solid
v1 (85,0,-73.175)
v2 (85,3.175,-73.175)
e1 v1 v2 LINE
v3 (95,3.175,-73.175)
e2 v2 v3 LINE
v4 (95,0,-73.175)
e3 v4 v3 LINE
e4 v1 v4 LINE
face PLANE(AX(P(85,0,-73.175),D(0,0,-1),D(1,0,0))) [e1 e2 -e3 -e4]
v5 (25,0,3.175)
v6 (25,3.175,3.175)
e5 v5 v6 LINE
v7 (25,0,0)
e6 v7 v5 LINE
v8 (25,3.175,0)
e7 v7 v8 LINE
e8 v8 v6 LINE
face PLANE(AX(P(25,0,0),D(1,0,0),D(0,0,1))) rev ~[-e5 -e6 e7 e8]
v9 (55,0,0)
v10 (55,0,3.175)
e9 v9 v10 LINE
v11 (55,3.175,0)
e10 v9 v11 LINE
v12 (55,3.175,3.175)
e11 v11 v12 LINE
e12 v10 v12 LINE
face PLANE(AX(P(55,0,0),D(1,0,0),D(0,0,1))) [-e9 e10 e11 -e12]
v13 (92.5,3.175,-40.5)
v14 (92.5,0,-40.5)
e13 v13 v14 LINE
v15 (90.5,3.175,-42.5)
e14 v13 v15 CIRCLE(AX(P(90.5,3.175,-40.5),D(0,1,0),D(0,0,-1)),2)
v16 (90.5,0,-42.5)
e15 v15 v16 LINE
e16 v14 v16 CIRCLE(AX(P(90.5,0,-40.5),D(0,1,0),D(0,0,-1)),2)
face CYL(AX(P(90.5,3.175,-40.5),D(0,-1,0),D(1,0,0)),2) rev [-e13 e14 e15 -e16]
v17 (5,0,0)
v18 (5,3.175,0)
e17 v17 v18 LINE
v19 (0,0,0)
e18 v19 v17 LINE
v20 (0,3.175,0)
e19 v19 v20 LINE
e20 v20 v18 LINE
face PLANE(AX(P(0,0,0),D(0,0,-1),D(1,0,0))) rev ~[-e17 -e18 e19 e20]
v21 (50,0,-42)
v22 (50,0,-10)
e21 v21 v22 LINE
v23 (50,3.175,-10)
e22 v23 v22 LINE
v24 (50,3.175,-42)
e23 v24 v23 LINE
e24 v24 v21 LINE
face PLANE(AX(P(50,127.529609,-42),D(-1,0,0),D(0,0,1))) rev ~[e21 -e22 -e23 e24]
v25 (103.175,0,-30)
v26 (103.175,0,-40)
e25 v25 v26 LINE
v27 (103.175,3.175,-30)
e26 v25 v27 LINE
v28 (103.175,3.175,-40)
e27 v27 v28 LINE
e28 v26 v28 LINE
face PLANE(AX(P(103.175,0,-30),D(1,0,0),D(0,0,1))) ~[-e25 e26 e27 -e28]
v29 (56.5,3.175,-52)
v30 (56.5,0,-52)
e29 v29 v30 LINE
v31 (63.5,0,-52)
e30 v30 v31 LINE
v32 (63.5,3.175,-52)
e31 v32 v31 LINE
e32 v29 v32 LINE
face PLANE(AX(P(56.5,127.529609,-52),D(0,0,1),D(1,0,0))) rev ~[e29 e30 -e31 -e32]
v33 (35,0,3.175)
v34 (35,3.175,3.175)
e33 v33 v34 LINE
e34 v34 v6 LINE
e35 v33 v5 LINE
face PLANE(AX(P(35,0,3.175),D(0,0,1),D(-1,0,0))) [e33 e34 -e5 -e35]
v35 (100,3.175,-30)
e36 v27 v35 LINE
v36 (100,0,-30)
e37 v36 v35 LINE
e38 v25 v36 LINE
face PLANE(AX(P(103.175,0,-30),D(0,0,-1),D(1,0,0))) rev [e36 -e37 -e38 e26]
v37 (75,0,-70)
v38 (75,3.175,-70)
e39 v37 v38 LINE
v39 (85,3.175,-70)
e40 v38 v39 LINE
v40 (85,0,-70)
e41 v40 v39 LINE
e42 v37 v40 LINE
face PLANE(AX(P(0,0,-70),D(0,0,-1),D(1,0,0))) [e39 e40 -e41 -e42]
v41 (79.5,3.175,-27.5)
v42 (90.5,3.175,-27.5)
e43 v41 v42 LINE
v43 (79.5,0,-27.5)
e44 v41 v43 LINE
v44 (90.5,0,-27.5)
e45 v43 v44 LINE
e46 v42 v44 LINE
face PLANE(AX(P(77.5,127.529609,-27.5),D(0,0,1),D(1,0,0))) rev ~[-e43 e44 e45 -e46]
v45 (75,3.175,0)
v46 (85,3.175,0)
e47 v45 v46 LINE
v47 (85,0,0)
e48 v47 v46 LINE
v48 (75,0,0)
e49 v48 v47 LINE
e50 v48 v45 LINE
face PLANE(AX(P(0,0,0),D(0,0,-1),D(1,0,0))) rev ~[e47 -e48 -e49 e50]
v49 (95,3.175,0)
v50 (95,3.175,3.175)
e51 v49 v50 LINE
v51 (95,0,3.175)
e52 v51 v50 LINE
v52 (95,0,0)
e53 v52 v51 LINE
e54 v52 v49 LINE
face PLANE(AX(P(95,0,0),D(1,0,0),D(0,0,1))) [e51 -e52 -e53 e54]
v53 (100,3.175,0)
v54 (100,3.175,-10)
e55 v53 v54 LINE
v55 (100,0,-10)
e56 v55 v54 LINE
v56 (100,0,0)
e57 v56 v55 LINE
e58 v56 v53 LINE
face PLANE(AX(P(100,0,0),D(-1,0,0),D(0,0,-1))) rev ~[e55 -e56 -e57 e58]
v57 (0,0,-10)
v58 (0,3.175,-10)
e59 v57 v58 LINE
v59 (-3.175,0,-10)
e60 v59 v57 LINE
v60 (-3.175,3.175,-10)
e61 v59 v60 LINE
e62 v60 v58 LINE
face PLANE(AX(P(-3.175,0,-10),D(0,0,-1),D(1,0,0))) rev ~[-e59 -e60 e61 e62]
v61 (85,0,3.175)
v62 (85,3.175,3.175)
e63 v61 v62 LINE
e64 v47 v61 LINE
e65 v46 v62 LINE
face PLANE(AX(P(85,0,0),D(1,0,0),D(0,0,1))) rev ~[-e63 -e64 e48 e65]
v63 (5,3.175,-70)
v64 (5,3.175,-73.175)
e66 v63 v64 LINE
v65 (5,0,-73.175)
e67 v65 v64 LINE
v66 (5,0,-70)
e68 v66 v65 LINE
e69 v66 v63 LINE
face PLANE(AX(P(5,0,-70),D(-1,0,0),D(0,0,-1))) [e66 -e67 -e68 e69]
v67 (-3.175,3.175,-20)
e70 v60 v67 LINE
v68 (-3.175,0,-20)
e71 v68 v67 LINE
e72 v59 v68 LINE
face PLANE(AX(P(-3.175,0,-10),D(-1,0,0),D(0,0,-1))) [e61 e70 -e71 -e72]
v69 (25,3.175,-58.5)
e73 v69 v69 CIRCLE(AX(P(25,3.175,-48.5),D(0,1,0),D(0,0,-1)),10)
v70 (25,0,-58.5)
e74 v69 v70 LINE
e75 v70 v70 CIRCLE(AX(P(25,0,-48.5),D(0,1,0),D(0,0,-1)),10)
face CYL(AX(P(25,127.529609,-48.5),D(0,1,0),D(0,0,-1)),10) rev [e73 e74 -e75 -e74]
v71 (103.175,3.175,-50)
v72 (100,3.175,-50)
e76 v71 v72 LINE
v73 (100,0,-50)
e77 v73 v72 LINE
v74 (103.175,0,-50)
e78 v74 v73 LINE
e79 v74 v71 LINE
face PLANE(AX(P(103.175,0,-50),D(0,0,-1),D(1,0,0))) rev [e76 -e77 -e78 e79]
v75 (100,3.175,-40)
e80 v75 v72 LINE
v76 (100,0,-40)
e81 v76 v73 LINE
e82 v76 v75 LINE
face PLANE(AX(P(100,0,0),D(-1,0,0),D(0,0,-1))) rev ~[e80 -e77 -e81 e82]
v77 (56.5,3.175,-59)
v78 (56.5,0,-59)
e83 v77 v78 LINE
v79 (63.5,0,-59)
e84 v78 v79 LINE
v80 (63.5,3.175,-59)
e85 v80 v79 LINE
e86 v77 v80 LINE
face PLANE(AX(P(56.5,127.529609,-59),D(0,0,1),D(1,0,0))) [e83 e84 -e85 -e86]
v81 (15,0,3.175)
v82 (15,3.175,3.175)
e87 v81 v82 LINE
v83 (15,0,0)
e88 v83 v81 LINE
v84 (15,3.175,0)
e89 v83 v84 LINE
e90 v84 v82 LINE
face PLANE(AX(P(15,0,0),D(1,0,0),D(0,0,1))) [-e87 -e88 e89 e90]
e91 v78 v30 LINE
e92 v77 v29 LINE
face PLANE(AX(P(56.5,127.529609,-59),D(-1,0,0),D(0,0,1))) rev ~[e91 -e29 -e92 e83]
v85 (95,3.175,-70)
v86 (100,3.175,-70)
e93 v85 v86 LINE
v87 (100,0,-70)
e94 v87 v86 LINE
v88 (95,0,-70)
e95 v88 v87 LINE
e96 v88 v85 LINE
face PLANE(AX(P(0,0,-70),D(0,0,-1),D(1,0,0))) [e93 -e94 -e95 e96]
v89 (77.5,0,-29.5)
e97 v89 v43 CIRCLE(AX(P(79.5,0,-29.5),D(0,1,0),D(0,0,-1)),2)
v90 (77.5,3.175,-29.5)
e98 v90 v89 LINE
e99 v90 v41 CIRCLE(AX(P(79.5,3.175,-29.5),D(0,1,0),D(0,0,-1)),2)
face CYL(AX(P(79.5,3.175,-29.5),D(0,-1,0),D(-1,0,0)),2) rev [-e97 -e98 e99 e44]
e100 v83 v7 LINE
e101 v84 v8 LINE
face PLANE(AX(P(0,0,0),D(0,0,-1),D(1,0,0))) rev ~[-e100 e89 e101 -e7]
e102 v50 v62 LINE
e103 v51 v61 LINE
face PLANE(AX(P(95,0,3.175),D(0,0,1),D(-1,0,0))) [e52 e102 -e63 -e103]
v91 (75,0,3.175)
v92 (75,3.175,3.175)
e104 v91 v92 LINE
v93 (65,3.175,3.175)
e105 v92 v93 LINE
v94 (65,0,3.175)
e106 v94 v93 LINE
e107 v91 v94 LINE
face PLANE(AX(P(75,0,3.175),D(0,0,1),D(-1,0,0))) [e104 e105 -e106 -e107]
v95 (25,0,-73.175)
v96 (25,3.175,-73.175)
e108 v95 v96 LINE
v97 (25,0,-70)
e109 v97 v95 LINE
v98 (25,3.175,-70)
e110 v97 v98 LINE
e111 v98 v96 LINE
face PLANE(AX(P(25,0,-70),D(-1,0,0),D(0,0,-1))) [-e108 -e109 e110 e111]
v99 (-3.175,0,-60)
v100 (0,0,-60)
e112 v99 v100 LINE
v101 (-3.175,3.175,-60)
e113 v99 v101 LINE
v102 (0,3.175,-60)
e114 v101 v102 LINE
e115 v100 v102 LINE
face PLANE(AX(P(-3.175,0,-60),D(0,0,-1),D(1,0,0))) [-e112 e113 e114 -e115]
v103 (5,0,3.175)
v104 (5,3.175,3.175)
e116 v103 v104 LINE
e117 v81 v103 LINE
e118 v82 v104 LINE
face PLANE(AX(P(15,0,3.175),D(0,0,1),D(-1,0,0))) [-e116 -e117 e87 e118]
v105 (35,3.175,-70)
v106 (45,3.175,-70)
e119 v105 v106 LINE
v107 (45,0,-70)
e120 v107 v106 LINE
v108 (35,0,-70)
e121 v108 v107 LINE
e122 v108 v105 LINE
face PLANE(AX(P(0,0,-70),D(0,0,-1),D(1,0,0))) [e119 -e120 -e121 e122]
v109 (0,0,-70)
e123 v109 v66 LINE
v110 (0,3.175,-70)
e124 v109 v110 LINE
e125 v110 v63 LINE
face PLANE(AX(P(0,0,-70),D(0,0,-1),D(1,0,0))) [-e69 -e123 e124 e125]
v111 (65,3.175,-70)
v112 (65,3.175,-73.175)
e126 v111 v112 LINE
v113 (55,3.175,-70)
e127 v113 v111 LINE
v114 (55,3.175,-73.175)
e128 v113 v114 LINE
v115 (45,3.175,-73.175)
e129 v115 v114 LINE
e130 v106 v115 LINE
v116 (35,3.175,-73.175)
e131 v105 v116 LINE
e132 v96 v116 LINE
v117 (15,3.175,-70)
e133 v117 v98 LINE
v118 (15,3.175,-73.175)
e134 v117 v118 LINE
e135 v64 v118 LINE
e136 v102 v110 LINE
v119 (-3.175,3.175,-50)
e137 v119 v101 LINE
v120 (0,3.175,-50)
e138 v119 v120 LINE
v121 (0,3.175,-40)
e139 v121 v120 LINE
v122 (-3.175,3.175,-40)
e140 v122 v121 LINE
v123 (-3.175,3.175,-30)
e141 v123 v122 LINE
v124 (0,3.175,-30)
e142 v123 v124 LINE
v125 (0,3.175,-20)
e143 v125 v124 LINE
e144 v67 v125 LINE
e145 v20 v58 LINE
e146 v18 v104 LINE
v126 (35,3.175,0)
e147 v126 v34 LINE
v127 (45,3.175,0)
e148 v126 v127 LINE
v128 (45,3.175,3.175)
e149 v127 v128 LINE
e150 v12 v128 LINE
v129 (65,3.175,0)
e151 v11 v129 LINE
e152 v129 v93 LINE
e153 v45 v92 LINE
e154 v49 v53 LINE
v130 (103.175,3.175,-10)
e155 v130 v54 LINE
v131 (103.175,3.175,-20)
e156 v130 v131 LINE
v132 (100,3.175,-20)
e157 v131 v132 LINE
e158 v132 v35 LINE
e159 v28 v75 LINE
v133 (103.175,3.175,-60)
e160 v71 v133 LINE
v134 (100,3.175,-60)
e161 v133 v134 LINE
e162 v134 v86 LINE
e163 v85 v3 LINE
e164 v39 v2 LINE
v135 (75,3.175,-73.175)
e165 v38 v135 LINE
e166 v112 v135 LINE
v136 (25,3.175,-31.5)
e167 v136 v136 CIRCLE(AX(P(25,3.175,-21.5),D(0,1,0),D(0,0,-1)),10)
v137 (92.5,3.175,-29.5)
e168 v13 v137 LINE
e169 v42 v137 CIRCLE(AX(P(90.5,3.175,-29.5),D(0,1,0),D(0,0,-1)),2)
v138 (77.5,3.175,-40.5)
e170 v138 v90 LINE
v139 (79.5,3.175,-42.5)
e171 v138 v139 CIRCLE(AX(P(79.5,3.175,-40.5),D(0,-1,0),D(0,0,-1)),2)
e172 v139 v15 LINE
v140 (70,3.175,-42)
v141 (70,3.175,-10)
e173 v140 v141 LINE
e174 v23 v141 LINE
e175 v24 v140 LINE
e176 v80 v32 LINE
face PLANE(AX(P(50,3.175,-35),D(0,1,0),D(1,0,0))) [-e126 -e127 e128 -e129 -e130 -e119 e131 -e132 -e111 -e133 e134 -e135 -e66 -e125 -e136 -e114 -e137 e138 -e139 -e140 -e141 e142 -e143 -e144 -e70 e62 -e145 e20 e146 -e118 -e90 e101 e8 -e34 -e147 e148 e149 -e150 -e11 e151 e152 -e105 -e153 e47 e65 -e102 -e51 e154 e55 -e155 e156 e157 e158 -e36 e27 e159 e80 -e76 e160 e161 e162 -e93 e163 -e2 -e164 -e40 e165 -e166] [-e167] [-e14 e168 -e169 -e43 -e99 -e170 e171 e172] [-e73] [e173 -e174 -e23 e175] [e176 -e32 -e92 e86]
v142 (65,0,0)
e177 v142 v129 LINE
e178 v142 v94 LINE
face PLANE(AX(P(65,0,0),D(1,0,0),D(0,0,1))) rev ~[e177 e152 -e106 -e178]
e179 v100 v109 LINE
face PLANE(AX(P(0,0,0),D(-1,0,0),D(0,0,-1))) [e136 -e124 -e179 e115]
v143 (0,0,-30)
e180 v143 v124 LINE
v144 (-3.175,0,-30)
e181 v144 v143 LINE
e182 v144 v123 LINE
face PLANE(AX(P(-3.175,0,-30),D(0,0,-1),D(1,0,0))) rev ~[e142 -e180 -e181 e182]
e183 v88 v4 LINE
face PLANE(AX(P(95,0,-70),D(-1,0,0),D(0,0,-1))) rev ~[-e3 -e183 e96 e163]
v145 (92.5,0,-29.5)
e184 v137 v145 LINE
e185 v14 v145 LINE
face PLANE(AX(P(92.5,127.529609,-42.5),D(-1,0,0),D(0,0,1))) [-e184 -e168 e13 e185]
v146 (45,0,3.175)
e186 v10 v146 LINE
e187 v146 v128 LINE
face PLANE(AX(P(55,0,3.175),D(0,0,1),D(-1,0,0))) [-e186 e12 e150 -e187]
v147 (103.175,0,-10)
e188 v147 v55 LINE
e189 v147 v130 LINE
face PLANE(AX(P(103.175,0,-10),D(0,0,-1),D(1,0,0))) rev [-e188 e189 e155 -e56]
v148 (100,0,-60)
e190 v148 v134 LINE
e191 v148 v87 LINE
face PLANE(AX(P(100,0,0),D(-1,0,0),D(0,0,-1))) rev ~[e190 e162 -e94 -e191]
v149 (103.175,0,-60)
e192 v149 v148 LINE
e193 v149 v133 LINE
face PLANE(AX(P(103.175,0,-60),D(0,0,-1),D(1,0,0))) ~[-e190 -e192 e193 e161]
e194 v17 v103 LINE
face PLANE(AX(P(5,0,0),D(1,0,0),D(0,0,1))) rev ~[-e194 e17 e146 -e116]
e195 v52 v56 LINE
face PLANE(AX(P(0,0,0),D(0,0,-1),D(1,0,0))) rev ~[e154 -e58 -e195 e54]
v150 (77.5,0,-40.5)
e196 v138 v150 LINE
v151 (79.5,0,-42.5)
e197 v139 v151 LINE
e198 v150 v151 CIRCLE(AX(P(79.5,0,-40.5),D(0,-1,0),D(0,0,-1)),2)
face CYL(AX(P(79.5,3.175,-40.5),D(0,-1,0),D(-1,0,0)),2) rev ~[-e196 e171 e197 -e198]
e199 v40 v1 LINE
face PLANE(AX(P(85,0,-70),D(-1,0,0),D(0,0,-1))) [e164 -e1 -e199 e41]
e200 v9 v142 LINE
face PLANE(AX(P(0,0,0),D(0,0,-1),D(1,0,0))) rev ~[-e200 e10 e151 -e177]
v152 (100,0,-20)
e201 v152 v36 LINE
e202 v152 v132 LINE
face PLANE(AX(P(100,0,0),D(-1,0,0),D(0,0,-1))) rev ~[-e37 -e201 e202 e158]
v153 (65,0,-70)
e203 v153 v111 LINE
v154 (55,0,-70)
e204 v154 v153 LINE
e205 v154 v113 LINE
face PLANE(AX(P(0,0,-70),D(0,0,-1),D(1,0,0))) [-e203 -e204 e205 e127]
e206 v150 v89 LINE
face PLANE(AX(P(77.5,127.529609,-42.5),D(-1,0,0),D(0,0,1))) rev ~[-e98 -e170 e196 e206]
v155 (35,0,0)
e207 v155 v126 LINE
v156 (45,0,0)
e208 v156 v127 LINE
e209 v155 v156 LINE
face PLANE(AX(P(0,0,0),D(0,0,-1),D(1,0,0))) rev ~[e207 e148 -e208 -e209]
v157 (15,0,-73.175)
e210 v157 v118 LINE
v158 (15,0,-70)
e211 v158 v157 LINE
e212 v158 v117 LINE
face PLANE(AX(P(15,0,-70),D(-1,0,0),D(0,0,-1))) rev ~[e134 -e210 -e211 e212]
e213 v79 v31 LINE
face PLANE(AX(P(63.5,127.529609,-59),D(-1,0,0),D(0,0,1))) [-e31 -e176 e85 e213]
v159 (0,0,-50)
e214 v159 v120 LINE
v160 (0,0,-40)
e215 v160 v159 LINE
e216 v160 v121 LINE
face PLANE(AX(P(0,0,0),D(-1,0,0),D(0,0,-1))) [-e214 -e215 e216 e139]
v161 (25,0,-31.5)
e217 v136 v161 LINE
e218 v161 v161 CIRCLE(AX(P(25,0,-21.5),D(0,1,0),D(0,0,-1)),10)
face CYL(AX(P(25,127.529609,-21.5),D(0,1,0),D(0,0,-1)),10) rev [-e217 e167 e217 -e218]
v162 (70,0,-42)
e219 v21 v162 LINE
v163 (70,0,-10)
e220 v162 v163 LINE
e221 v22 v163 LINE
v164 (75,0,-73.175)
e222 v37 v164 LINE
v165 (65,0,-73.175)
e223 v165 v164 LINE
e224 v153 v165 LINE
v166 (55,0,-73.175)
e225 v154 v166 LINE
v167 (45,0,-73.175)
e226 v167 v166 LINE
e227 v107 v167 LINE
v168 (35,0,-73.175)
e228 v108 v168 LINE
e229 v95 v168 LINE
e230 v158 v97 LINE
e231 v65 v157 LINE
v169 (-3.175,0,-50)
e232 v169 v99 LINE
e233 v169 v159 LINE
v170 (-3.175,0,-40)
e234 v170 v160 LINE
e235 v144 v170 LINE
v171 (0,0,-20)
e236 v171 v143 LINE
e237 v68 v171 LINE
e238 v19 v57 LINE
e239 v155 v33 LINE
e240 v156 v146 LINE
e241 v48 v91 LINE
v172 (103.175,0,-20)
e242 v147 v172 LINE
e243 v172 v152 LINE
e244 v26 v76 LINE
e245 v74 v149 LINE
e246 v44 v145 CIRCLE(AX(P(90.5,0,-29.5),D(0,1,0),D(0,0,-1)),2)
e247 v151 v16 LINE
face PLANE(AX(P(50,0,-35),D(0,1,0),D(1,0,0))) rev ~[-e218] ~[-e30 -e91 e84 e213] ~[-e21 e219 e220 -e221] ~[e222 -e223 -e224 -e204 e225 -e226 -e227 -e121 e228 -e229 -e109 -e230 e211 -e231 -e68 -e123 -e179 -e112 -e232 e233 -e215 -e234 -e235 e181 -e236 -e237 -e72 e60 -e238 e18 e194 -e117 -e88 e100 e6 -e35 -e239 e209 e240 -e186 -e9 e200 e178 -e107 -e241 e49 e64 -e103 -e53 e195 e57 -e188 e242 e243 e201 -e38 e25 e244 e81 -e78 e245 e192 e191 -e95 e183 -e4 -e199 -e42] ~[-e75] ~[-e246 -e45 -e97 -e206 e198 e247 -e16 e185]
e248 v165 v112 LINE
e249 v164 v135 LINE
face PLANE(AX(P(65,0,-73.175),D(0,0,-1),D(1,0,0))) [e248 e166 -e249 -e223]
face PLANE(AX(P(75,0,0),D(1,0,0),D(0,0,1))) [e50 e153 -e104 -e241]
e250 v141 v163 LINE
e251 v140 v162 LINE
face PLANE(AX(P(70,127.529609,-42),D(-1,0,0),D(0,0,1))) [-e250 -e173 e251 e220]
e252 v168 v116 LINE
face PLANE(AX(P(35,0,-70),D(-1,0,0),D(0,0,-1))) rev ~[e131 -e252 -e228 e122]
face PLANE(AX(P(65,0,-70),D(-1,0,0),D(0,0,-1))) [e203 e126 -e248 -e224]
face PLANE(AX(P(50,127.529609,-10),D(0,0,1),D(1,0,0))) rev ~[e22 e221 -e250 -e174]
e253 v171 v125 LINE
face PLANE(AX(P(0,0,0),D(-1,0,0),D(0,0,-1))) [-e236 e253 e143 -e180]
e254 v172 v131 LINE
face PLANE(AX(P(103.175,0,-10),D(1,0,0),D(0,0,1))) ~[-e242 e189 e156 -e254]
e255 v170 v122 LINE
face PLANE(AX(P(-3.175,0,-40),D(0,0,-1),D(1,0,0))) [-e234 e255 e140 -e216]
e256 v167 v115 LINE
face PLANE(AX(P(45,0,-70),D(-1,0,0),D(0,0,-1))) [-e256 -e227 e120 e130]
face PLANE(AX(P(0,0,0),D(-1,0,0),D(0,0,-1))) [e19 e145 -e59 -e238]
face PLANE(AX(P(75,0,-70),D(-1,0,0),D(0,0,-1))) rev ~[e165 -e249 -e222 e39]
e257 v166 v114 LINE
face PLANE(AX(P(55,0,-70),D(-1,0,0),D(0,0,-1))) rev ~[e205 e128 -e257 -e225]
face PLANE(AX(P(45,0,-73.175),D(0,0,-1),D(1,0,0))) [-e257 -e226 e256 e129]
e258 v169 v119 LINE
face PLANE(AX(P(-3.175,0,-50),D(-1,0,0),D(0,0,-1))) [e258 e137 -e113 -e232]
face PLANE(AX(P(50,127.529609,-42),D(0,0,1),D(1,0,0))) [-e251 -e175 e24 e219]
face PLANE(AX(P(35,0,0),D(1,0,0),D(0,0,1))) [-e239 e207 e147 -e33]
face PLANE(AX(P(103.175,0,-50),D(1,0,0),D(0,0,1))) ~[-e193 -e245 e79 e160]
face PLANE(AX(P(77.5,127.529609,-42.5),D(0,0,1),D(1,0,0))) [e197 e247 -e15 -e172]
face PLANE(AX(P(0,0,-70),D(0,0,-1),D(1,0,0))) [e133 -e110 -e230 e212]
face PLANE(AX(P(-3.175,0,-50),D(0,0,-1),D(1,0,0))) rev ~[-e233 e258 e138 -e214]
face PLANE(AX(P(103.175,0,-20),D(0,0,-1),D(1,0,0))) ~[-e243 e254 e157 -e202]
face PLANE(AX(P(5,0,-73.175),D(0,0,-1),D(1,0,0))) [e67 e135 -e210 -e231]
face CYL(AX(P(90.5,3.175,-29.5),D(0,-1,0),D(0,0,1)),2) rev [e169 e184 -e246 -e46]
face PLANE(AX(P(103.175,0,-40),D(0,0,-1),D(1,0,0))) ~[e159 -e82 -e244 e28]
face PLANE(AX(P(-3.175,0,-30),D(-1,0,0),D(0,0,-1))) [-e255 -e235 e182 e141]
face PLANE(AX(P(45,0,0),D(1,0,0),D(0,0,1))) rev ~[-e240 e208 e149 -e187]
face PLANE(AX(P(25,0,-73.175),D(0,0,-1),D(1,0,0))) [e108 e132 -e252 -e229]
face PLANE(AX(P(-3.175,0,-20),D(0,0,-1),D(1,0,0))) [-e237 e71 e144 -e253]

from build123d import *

# Parameters (mm, degrees)
SKETCH1_W                 = 100
SKETCH1_H                 = 70
BOSS_EXTRUDE1_DEPTH       = 3.175
SKETCH3_W                 = 3.175
SKETCH3_H                 = 10
SKETCH3_W_2               = 10
SKETCH3_H_2               = 3.175
BOSS_EXTRUDE2_DEPTH       = 3.175
MIRROR2_COPY_1_SKETCH_W   = 3.175
MIRROR2_COPY_1_SKETCH_H   = 10
MIRROR2_COPY_1_SKETCH_W_2 = 10
MIRROR2_COPY_1_SKETCH_H_2 = 3.175
MIRROR2_COPY_1_DEPTH      = 3.175
MIRROR2_COPY_2_SKETCH_W   = 3.175
MIRROR2_COPY_2_SKETCH_H   = 10
MIRROR2_COPY_2_SKETCH_W_2 = 10
MIRROR2_COPY_2_SKETCH_H_2 = 3.175
MIRROR2_COPY_2_DEPTH      = 3.175
CUT_EXTRUDE1_DEPTH        = 127.529608689
CUT_EXTRUDE1_DEPTH_BACK   = 127.529608689
SKETCH4_W                 = 20
SKETCH4_H                 = 32
SKETCH4_W_2               = 7
SKETCH4_H_2               = 7
SKETCH4_W_3               = 15
SKETCH4_H_3               = 15
FILLET1_R                 = 2
CUT_EXTRUDE2_DEPTH        = 127.529608689
CUT_EXTRUDE2_DEPTH_BACK   = 127.529608689
SKETCH5_R                 = 10


with BuildPart() as part:
    # Sketch1 → Boss-Extrude1 (new body)
    with BuildSketch(Plane(origin=(0, 0, 0), x_dir=(1, 0, 0), z_dir=(0, 1, 0))):
        with Locations((50, 35)):
            Rectangle(SKETCH1_W, SKETCH1_H)
    extrude(amount=BOSS_EXTRUDE1_DEPTH)

    # Sketch3 → Boss-Extrude2 (add)
    with BuildSketch(Plane(origin=(0, 0, 0), x_dir=(1, 0, 0), z_dir=(0, 1, 0))):
        with Locations((-1.5875, 55)):
            Rectangle(SKETCH3_W, SKETCH3_H)
        with Locations((-1.5875, 35)):
            Rectangle(SKETCH3_W, SKETCH3_H)
        with Locations((-1.5875, 15)):
            Rectangle(SKETCH3_W, SKETCH3_H)
        with Locations((30, 71.5875)):
            Rectangle(SKETCH3_W_2, SKETCH3_H_2)
        with Locations((70, 71.5875)):
            Rectangle(SKETCH3_W_2, SKETCH3_H_2)
        with Locations((90, 71.5875)):
            Rectangle(SKETCH3_W_2, SKETCH3_H_2)
        with Locations((10, 71.5875)):
            Rectangle(SKETCH3_W_2, SKETCH3_H_2)
        with Locations((50, 71.5875)):
            Rectangle(SKETCH3_W_2, SKETCH3_H_2)
    boss_extrude2 = extrude(amount=BOSS_EXTRUDE2_DEPTH)

    # Mirror1: Boss-Extrude2 across plane
    add(boss_extrude2.mirror(Plane(origin=(50, 0, 0), x_dir=(0, 0, 1), z_dir=(1, 0, 0))))

    # Mirror2 copy 1 sketch → Mirror2 copy 1 (add)
    with BuildSketch(Plane(origin=(100, 0, -70), x_dir=(-1, 0, 0), z_dir=(0, 1, 0))):
        with Locations((-1.5875, 55)):
            Rectangle(MIRROR2_COPY_1_SKETCH_W, MIRROR2_COPY_1_SKETCH_H)
        with Locations((-1.5875, 35)):
            Rectangle(MIRROR2_COPY_1_SKETCH_W, MIRROR2_COPY_1_SKETCH_H)
        with Locations((-1.5875, 15)):
            Rectangle(MIRROR2_COPY_1_SKETCH_W, MIRROR2_COPY_1_SKETCH_H)
        with Locations((30, 71.5875)):
            Rectangle(MIRROR2_COPY_1_SKETCH_W_2, MIRROR2_COPY_1_SKETCH_H_2)
        with Locations((70, 71.5875)):
            Rectangle(MIRROR2_COPY_1_SKETCH_W_2, MIRROR2_COPY_1_SKETCH_H_2)
        with Locations((90, 71.5875)):
            Rectangle(MIRROR2_COPY_1_SKETCH_W_2, MIRROR2_COPY_1_SKETCH_H_2)
        with Locations((10, 71.5875)):
            Rectangle(MIRROR2_COPY_1_SKETCH_W_2, MIRROR2_COPY_1_SKETCH_H_2)
        with Locations((50, 71.5875)):
            Rectangle(MIRROR2_COPY_1_SKETCH_W_2, MIRROR2_COPY_1_SKETCH_H_2)
    extrude(amount=MIRROR2_COPY_1_DEPTH)

    # Mirror2 copy 2 sketch → Mirror2 copy 2 (add)
    with BuildSketch(Plane(origin=(0, 0, -70), x_dir=(1, 0, 0), z_dir=(0, 1, 0))):
        with Locations((-1.5875, -55)):
            Rectangle(MIRROR2_COPY_2_SKETCH_W, MIRROR2_COPY_2_SKETCH_H)
        with Locations((-1.5875, -35)):
            Rectangle(MIRROR2_COPY_2_SKETCH_W, MIRROR2_COPY_2_SKETCH_H)
        with Locations((-1.5875, -15)):
            Rectangle(MIRROR2_COPY_2_SKETCH_W, MIRROR2_COPY_2_SKETCH_H)
        with Locations((30, -71.5875)):
            Rectangle(MIRROR2_COPY_2_SKETCH_W_2, MIRROR2_COPY_2_SKETCH_H_2)
        with Locations((70, -71.5875)):
            Rectangle(MIRROR2_COPY_2_SKETCH_W_2, MIRROR2_COPY_2_SKETCH_H_2)
        with Locations((90, -71.5875)):
            Rectangle(MIRROR2_COPY_2_SKETCH_W_2, MIRROR2_COPY_2_SKETCH_H_2)
        with Locations((10, -71.5875)):
            Rectangle(MIRROR2_COPY_2_SKETCH_W_2, MIRROR2_COPY_2_SKETCH_H_2)
        with Locations((50, -71.5875)):
            Rectangle(MIRROR2_COPY_2_SKETCH_W_2, MIRROR2_COPY_2_SKETCH_H_2)
    extrude(amount=MIRROR2_COPY_2_DEPTH)

    # Sketch4 → Cut-Extrude1 (cut, two sides: drawn at the far end of the back side and taken through both)
    with BuildSketch(Plane.XZ.offset(-CUT_EXTRUDE1_DEPTH_BACK)):
        with Locations((60, -26)):
            Rectangle(SKETCH4_W, SKETCH4_H)
        with Locations((60, -55.5)):
            Rectangle(SKETCH4_W_2, SKETCH4_H_2)
        with Locations((85, -35)):
            Rectangle(SKETCH4_W_3, SKETCH4_H_3)
    extrude(amount=CUT_EXTRUDE1_DEPTH + CUT_EXTRUDE1_DEPTH_BACK, mode=Mode.SUBTRACT)

    # Fillet1
    fillet1_edges = [part.edges().sort_by_distance(p)[0] for p in [
        (77.5, 1.5875, -42.5),
        (77.5, 1.5875, -27.5),
        (92.5, 1.5875, -27.5),
        (92.5, 1.5875, -42.5),
    ]]
    fillet(fillet1_edges, radius=FILLET1_R)

    # Sketch5 → Cut-Extrude2 (cut, two sides: drawn at the far end of the back side and taken through both)
    with BuildSketch(Plane.XZ.offset(-CUT_EXTRUDE2_DEPTH_BACK)):
        with Locations(Location((25, -48.5, 0), (0, 0, 270))):
            Circle(SKETCH5_R)
        with Locations(Location((25, -21.5, 0), (0, 0, 270))):
            Circle(SKETCH5_R)
    extrude(amount=CUT_EXTRUDE2_DEPTH + CUT_EXTRUDE2_DEPTH_BACK, mode=Mode.SUBTRACT)


solid = part.part
